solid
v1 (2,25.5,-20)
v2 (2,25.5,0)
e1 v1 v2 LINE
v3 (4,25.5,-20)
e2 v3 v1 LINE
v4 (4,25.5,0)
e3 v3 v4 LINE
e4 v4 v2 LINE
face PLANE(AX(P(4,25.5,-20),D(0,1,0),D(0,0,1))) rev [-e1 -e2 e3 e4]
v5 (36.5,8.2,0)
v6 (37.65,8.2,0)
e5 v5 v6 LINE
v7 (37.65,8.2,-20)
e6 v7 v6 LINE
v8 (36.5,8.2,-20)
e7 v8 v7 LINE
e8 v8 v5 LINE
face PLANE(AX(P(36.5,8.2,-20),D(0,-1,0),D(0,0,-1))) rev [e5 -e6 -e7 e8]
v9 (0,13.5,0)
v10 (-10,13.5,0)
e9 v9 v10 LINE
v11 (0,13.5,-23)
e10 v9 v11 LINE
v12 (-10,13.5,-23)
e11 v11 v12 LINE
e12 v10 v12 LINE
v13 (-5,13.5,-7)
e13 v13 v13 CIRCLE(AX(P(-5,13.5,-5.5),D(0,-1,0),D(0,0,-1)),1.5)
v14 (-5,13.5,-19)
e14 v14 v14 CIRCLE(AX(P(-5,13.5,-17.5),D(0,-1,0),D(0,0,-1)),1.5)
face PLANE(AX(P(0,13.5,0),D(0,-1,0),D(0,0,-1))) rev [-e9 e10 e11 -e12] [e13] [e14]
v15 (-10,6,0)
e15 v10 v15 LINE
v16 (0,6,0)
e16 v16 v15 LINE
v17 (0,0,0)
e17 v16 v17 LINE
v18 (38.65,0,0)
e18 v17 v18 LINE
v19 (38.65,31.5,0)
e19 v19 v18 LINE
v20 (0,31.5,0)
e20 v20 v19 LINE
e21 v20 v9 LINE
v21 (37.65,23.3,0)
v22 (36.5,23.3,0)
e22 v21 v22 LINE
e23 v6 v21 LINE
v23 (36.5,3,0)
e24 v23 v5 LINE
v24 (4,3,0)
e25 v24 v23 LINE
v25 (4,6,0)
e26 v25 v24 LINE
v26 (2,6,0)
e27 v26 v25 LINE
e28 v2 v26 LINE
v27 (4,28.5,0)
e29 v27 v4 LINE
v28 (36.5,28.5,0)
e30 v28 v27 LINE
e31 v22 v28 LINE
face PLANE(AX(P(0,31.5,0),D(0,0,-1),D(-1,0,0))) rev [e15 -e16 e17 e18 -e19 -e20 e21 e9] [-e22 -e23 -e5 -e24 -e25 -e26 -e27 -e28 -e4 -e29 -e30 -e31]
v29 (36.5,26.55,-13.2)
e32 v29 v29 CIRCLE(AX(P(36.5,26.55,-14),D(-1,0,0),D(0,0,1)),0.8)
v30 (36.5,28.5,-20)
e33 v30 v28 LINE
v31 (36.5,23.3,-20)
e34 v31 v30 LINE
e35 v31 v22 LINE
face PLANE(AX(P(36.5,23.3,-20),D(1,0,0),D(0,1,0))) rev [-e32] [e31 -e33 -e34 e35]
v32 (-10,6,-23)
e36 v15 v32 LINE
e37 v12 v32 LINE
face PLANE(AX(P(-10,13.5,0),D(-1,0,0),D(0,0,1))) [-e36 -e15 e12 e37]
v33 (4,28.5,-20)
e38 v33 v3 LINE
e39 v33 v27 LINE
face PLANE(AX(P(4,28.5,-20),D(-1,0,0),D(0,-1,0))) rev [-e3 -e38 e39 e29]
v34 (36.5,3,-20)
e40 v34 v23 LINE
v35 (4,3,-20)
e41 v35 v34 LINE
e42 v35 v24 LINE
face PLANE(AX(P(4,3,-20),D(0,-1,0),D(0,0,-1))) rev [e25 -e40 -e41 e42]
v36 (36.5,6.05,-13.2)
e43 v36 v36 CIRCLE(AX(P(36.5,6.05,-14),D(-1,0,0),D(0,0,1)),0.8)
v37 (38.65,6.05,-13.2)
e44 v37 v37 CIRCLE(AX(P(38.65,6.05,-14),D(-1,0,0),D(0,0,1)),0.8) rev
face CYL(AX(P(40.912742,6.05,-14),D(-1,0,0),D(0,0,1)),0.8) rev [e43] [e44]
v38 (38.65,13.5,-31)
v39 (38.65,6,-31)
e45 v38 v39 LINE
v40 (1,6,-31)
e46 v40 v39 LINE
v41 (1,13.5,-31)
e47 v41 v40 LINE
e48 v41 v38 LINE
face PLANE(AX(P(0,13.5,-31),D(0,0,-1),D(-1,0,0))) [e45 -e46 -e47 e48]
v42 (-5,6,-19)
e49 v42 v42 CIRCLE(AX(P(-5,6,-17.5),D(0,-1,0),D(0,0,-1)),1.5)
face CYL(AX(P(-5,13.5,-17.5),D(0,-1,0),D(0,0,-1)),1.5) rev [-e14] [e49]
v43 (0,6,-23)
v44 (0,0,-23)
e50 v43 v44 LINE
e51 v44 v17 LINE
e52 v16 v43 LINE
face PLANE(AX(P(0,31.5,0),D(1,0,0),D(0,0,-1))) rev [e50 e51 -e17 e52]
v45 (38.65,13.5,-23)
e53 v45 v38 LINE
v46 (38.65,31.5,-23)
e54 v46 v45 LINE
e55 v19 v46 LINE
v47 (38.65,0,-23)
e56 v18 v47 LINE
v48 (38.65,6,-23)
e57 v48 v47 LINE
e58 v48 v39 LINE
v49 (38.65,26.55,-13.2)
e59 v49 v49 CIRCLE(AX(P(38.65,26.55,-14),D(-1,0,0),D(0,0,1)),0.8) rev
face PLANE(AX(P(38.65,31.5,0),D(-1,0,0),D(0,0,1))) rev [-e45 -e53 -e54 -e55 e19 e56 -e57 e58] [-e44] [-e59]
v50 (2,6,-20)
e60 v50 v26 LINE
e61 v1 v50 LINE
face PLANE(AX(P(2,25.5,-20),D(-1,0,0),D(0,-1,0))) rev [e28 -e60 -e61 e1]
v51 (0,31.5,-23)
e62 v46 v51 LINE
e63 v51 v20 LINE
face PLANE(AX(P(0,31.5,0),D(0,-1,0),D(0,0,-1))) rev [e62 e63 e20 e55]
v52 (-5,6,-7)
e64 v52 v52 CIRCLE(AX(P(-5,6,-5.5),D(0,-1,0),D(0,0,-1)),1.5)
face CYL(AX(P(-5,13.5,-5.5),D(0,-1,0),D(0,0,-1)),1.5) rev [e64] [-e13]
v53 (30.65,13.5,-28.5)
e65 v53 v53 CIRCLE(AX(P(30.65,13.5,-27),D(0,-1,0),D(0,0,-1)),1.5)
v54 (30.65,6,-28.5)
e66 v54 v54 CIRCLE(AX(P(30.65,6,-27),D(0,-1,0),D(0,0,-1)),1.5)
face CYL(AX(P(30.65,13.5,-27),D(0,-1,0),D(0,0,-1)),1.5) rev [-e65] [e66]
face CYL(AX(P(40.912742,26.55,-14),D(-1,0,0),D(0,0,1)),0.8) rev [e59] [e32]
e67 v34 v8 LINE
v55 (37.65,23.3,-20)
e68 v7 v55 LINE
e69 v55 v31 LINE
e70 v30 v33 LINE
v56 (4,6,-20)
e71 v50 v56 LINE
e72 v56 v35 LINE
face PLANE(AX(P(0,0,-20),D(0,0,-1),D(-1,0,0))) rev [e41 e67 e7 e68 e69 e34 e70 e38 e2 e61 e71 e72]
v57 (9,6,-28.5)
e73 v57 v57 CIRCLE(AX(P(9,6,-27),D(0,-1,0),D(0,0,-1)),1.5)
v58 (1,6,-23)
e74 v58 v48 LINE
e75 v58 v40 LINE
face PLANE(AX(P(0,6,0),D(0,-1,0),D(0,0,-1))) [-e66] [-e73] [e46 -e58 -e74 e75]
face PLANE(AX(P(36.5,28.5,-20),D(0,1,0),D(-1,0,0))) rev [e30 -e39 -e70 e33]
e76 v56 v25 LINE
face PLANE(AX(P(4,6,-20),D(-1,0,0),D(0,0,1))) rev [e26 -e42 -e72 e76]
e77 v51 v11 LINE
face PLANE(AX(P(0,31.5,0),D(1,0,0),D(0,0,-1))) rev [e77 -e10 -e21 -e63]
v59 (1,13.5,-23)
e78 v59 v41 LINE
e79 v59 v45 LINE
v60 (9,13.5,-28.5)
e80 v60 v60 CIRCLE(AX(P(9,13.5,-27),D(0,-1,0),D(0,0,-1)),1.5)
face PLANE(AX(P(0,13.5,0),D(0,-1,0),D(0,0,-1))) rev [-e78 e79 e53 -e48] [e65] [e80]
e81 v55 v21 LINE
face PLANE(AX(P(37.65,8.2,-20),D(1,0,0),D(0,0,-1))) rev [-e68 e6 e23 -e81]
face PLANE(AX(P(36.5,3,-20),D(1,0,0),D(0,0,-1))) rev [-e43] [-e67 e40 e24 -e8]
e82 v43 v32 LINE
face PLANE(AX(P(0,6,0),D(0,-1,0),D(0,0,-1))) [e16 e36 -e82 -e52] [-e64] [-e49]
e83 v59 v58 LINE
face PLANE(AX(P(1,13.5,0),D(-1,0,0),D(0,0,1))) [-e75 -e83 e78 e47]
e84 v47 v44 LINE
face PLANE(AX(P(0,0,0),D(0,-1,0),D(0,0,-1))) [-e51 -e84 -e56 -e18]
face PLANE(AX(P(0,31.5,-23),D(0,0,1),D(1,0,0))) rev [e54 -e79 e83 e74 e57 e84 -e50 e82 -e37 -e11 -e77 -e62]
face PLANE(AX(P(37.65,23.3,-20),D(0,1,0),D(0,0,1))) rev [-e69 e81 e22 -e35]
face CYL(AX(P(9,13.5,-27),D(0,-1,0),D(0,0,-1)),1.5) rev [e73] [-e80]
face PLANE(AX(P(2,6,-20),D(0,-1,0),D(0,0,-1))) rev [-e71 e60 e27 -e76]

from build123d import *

# Parameters (mm, degrees)
SKETCH1_W           = 38.65
SKETCH1_H           = 23
BOSS_EXTRUDE1_DEPTH = 31.5
CUT_EXTRUDE1_DEPTH  = 20
SKETCH4_R           = 0.8
CUT_EXTRUDE2_DEPTH  = 2.15
BOSS_EXTRUDE2_START = -6
SKETCH7_W           = 10
SKETCH7_H           = 23
SKETCH7_R           = 1.5
SKETCH7_W_2         = 37.65
SKETCH7_H_2         = 8
BOSS_EXTRUDE2_DEPTH = 7.5


with BuildPart() as part:
    # Sketch1 → Boss-Extrude1 (new body)
    with BuildSketch(Plane(origin=(0, 0, 0), x_dir=(1, 0, 0), z_dir=(0, 1, 0))):
        with Locations((19.325, 11.5)):
            Rectangle(SKETCH1_W, SKETCH1_H)
    extrude(amount=BOSS_EXTRUDE1_DEPTH)

    # Sketch3 → Cut-Extrude1 (cut)
    with BuildSketch(Plane.XY):
        Polygon((2, 25.5), (2, 6), (4, 6), (4, 3), (36.5, 3), (36.5, 8.2), (37.65, 8.2), (37.65, 23.3), (36.5, 23.3), (36.5, 28.5), (4, 28.5), (4, 25.5), align=None)
    extrude(amount=-CUT_EXTRUDE1_DEPTH, mode=Mode.SUBTRACT)

    # Sketch4 → Cut-Extrude2 (cut)
    with BuildSketch(Plane.ZY.offset(-36.5)):
        with Locations((-14, 26.55)):
            Circle(SKETCH4_R)
        with Locations((-14, 6.05)):
            Circle(SKETCH4_R)
    extrude(amount=-CUT_EXTRUDE2_DEPTH, mode=Mode.SUBTRACT)

    # Sketch7 → Boss-Extrude2 (add)
    # profile 1 of 2: a face of its own
    with BuildSketch(Plane.XZ.offset(BOSS_EXTRUDE2_START)):
        with Locations((-5, -11.5)):
            Rectangle(SKETCH7_W, SKETCH7_H)
        with Locations(Location((-5, -17.5, 0), (0, 0, 270))):
            Circle(SKETCH7_R, mode=Mode.SUBTRACT)
        with Locations(Location((-5, -5.5, 0), (0, 0, 270))):
            Circle(SKETCH7_R, mode=Mode.SUBTRACT)
    # profile 2 of 2: a face of its own
    with BuildSketch(Plane.XZ.offset(BOSS_EXTRUDE2_START)):
        with Locations((19.825, -27)):
            Rectangle(SKETCH7_W_2, SKETCH7_H_2)
        with Locations(Location((30.65, -27, 0), (0, 0, 270))):
            Circle(SKETCH7_R, mode=Mode.SUBTRACT)
        with Locations(Location((9, -27, 0), (0, 0, 270))):
            Circle(SKETCH7_R, mode=Mode.SUBTRACT)
    extrude(amount=-BOSS_EXTRUDE2_DEPTH)


solid = part.part
